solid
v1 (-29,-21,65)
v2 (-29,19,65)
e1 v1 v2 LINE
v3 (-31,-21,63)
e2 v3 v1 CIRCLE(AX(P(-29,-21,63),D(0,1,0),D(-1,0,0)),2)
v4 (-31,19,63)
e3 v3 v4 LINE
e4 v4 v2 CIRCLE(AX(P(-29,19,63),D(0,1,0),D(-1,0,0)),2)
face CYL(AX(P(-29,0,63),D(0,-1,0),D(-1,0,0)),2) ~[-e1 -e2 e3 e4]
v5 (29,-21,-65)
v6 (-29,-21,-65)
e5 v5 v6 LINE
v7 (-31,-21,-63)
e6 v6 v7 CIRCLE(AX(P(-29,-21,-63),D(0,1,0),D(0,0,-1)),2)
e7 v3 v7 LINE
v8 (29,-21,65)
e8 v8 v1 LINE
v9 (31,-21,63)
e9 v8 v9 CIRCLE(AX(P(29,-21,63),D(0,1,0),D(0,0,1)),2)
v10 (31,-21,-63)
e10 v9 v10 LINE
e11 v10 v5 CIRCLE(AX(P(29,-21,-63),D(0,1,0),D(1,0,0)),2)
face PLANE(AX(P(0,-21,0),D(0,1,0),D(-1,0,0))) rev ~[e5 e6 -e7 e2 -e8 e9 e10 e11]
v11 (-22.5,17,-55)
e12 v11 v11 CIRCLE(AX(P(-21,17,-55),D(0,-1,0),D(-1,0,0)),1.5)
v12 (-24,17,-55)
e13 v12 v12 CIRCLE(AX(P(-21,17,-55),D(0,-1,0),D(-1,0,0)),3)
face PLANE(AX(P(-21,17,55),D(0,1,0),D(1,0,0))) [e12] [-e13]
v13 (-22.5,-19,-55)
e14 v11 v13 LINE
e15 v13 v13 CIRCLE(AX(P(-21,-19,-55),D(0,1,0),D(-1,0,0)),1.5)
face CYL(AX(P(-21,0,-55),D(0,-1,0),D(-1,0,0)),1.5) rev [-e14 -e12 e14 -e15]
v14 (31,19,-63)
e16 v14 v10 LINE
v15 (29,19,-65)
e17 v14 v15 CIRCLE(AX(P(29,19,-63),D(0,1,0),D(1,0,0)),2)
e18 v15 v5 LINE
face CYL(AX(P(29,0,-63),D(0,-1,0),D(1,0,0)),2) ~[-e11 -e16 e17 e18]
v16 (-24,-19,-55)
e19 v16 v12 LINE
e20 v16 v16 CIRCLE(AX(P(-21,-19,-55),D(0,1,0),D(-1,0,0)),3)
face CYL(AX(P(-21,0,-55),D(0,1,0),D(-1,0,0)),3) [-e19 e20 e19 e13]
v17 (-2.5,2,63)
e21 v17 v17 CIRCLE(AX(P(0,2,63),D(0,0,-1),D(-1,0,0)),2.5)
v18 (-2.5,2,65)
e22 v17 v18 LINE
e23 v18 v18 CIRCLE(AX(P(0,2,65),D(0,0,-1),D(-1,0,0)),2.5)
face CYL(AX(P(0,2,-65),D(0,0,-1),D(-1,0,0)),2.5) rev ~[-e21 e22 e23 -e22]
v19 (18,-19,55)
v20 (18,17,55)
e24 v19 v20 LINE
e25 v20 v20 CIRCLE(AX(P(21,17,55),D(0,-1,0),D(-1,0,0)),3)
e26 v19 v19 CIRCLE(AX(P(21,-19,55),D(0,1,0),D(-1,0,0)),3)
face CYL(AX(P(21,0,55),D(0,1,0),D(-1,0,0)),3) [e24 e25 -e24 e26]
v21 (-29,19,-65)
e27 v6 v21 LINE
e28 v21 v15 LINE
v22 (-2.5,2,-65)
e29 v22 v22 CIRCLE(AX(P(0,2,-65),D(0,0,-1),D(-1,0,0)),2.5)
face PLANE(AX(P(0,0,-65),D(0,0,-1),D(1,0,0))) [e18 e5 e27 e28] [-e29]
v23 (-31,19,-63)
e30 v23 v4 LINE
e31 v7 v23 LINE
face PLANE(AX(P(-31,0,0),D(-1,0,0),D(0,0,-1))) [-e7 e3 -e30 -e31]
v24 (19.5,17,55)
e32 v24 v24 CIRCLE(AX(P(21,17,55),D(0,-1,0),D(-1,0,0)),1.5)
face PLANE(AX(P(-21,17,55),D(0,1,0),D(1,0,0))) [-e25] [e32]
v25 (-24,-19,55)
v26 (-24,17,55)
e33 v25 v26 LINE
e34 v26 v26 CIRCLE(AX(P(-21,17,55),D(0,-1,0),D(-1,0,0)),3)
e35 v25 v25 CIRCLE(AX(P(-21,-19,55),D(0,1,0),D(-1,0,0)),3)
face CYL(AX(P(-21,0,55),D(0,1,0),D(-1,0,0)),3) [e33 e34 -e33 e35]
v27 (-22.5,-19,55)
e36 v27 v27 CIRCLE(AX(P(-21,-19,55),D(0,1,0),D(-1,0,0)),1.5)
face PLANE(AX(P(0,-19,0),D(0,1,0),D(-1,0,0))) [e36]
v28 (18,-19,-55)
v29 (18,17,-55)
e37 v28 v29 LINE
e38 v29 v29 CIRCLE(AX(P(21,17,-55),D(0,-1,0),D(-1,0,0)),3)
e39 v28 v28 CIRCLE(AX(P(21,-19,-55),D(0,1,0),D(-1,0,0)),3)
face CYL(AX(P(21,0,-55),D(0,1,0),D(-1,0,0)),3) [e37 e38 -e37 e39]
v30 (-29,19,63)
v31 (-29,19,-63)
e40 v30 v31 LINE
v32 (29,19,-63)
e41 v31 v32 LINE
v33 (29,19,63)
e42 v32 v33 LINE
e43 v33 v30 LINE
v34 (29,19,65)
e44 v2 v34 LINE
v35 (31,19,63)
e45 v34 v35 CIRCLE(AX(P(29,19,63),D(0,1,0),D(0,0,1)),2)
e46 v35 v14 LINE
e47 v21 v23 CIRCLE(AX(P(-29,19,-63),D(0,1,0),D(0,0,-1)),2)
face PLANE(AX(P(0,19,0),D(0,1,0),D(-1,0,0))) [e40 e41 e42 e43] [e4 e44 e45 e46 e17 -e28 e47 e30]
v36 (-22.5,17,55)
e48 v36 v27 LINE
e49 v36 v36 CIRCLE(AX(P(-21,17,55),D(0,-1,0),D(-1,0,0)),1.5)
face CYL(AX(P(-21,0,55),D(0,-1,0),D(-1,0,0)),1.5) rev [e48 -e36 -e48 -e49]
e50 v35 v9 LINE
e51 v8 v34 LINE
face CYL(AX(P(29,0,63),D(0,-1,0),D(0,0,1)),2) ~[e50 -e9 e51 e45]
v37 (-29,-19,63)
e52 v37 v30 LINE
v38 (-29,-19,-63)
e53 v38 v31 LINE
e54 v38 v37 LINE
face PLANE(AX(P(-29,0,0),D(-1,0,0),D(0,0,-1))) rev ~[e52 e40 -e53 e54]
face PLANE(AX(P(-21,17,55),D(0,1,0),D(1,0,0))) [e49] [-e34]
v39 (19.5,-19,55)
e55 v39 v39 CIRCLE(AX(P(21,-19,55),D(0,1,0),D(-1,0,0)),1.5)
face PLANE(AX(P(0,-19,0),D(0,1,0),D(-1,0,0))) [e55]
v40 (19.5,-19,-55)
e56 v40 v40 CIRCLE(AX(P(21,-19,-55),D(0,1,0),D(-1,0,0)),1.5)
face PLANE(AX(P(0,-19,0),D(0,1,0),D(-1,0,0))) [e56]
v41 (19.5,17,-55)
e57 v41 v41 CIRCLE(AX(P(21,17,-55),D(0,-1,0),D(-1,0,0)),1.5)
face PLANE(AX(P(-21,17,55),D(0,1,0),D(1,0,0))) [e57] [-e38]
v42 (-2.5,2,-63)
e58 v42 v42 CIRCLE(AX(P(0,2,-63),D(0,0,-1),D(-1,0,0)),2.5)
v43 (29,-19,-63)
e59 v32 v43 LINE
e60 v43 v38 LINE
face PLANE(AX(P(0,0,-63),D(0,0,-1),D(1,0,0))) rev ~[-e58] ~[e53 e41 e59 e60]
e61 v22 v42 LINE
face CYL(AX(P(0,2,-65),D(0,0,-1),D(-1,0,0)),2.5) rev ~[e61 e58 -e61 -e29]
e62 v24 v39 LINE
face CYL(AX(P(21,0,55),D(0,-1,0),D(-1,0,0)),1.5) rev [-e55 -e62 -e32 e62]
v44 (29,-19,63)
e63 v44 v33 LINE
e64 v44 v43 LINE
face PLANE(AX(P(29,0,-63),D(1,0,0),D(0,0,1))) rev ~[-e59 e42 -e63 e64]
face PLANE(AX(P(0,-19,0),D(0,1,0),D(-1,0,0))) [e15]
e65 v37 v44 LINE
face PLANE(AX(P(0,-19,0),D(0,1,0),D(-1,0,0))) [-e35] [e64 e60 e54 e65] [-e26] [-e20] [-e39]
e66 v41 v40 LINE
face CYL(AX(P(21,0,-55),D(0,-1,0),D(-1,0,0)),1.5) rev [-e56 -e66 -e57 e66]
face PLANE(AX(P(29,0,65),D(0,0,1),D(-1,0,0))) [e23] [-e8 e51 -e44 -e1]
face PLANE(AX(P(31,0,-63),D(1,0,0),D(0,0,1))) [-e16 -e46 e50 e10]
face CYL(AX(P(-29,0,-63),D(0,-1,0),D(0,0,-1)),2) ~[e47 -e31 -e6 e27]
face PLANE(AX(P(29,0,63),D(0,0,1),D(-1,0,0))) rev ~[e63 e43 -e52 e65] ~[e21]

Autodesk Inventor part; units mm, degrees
sketch "Cuerpo" plane through (0, 0, 0) normal (0, 1, 0) x (-1, 0, 0)
  line L0 (0, -91.5799) -> (0, 91.5799) projected
  line L1 (-43.9799, 0) -> (43.9799, 0) projected
  line L2 (29, -65) -> (-29, -65)
  line L3 (-31, -63) -> (-31, 63)
  line L4 (-29, 65) -> (29, 65)
  line L5 (31, 63) -> (31, -63)
  arc A0 (29, -65) -> (31, -63) centre (29, -63) ccw
  arc A1 (-31, -63) -> (-29, -65) centre (-29, -63) ccw
  arc A2 (31, 63) -> (29, 65) centre (29, 63) ccw
  arc A3 (-29, 65) -> (-31, 63) centre (-29, 63) ccw
  circle A4 centre (21, -55) radius 1.5
  circle A5 centre (21, -55) radius 3
  circle A6 centre (-21, -55) radius 1.5
  circle A7 centre (-21, -55) radius 3
  circle A8 centre (21, 55) radius 1.5
  circle A9 centre (21, 55) radius 3
  circle A10 centre (-21, 55) radius 3
  circle A11 centre (-21, 55) radius 1.5
  line L6 (29, -63) -> (-29, -63)
  line L7 (-29, -63) -> (-29, 63)
  line L8 (-29, 63) -> (29, 63)
  line L9 (29, 63) -> (29, -63)
  point P0 (0, 0)
  point P1 (31, -65)
  point P2 (-31, 65)
  dimension "d0" = 31
  dimension "d1" = 65
  dimension "d2" = 31
  dimension "d3" = 65
  dimension "d4" = 2
  dimension "d5" = 10
  dimension "d6" = 10
  dimension "d7" = 10
  dimension "d8" = 10
  dimension "d9" = 10
  dimension "d10" = 10
  dimension "d11" = 10
  dimension "d12" = 10
  dimension "d13" = 3
  dimension "d14" = 6
  dimension "d15" = 3
  dimension "d16" = 6
  dimension "d17" = 3
  dimension "d18" = 6
  dimension "d19" = 6
  dimension "d20" = 3
extrude "Extrusión1" add sketch "Cuerpo" along normal mid plane 38 contours L2 A1 L3 L1 L7 L6 L0 | L0 L6 L9 L1 L5 A0 L2 | L8 L7 L1 L3 A3 L4 L0 | L0 L4 A2 L5 L1 L9 L8 | A5 | A7 | A9 | A10
ref_plane "Plano de trabajo1" through (0, -19, 0) normal (0, 1, 0) x (-1, 0, 0)
sketch "Boceto2" plane through (0, -19, 0) normal (0, 1, 0) x (-1, 0, 0)
  line L0 (-29, -65) -> (29, -65)
  line L1 (31, -63) -> (31, 63)
  line L2 (29, 65) -> (-29, 65)
  line L3 (-31, 63) -> (-31, -63)
  arc A0 (-31, -63) -> (-29, -65) centre (-29, -63) ccw
  arc A1 (29, -65) -> (31, -63) centre (29, -63) ccw
  arc A2 (-29, 65) -> (-31, 63) centre (-29, 63) ccw
  arc A3 (31, 63) -> (29, 65) centre (29, 63) ccw
  line L4 (-43.9799, 0) -> (43.9799, 0) projected
  line L5 (0, -91) -> (0, 91) projected
  point P0 (0, 0)
  dimension "d24" = 2
  dimension "d34" = 65
  dimension "d35" = 65
  dimension "d36" = 31
extrude "Base" add sketch "Boceto2" against normal blind 2
sketch "Boceto3" plane through (29, 19, -65) normal (0, 0, -1) x (-1, 0, 0)
  line L0 (58, -40) -> (0, -40) projected
  line L1 (-2, -40) -> (-2, 0) projected
  circle A0 centre (29, -17) radius 2.5
  point P0 (29, -19)
  dimension "d27" = 23
  dimension "d28" = 31
  dimension "d29" = 5
extrude "Extrusión3" cut sketch "Boceto3" against normal blind 200
sketch "Boceto4" plane through (-21, 19, 55) normal (0, 1, 0) x (1, 0, 0)
  point P0 (21, 55)
sketch "Boceto5" plane through (-21, 19, 55) normal (0, 1, 0) x (1, 0, 0)
  circle A0 centre (0, 0) radius 1.5 projected
  circle A1 centre (0, 0) radius 3
  circle A2 centre (0, 110) radius 1.5 projected
  circle A3 centre (0, 110) radius 3
  circle A4 centre (42, 110) radius 1.5 projected
  circle A5 centre (42, 110) radius 3
  circle A6 centre (42, 0) radius 1.5 projected
  circle A7 centre (42, 0) radius 3
  point P0 (21, 55)
extrude "Extrusión4" cut sketch "Boceto5" against normal blind 2 contours A1 | A2 | A3 | A4 | A5 | A7
equation "\"d2\" = d0"
equation "\"d3\" = d1"
equation "\"d6\" = d5"
equation "\"d7\" = d5"
equation "\"d8\" = d5"
equation "\"d9\" = d5"
equation "\"d10\" = d5"
equation "\"d11\" = d5"
equation "\"d12\" = d5"
equation "\"d15\" = d13"
equation "\"d16\" = d14"
equation "\"d17\" = d13"
equation "\"d18\" = d14"
equation "\"d19\" = d14"
equation "\"d20\" = d13"
properties part number "Resistencia_Cuerpo" material "PVC, no plastificado"
